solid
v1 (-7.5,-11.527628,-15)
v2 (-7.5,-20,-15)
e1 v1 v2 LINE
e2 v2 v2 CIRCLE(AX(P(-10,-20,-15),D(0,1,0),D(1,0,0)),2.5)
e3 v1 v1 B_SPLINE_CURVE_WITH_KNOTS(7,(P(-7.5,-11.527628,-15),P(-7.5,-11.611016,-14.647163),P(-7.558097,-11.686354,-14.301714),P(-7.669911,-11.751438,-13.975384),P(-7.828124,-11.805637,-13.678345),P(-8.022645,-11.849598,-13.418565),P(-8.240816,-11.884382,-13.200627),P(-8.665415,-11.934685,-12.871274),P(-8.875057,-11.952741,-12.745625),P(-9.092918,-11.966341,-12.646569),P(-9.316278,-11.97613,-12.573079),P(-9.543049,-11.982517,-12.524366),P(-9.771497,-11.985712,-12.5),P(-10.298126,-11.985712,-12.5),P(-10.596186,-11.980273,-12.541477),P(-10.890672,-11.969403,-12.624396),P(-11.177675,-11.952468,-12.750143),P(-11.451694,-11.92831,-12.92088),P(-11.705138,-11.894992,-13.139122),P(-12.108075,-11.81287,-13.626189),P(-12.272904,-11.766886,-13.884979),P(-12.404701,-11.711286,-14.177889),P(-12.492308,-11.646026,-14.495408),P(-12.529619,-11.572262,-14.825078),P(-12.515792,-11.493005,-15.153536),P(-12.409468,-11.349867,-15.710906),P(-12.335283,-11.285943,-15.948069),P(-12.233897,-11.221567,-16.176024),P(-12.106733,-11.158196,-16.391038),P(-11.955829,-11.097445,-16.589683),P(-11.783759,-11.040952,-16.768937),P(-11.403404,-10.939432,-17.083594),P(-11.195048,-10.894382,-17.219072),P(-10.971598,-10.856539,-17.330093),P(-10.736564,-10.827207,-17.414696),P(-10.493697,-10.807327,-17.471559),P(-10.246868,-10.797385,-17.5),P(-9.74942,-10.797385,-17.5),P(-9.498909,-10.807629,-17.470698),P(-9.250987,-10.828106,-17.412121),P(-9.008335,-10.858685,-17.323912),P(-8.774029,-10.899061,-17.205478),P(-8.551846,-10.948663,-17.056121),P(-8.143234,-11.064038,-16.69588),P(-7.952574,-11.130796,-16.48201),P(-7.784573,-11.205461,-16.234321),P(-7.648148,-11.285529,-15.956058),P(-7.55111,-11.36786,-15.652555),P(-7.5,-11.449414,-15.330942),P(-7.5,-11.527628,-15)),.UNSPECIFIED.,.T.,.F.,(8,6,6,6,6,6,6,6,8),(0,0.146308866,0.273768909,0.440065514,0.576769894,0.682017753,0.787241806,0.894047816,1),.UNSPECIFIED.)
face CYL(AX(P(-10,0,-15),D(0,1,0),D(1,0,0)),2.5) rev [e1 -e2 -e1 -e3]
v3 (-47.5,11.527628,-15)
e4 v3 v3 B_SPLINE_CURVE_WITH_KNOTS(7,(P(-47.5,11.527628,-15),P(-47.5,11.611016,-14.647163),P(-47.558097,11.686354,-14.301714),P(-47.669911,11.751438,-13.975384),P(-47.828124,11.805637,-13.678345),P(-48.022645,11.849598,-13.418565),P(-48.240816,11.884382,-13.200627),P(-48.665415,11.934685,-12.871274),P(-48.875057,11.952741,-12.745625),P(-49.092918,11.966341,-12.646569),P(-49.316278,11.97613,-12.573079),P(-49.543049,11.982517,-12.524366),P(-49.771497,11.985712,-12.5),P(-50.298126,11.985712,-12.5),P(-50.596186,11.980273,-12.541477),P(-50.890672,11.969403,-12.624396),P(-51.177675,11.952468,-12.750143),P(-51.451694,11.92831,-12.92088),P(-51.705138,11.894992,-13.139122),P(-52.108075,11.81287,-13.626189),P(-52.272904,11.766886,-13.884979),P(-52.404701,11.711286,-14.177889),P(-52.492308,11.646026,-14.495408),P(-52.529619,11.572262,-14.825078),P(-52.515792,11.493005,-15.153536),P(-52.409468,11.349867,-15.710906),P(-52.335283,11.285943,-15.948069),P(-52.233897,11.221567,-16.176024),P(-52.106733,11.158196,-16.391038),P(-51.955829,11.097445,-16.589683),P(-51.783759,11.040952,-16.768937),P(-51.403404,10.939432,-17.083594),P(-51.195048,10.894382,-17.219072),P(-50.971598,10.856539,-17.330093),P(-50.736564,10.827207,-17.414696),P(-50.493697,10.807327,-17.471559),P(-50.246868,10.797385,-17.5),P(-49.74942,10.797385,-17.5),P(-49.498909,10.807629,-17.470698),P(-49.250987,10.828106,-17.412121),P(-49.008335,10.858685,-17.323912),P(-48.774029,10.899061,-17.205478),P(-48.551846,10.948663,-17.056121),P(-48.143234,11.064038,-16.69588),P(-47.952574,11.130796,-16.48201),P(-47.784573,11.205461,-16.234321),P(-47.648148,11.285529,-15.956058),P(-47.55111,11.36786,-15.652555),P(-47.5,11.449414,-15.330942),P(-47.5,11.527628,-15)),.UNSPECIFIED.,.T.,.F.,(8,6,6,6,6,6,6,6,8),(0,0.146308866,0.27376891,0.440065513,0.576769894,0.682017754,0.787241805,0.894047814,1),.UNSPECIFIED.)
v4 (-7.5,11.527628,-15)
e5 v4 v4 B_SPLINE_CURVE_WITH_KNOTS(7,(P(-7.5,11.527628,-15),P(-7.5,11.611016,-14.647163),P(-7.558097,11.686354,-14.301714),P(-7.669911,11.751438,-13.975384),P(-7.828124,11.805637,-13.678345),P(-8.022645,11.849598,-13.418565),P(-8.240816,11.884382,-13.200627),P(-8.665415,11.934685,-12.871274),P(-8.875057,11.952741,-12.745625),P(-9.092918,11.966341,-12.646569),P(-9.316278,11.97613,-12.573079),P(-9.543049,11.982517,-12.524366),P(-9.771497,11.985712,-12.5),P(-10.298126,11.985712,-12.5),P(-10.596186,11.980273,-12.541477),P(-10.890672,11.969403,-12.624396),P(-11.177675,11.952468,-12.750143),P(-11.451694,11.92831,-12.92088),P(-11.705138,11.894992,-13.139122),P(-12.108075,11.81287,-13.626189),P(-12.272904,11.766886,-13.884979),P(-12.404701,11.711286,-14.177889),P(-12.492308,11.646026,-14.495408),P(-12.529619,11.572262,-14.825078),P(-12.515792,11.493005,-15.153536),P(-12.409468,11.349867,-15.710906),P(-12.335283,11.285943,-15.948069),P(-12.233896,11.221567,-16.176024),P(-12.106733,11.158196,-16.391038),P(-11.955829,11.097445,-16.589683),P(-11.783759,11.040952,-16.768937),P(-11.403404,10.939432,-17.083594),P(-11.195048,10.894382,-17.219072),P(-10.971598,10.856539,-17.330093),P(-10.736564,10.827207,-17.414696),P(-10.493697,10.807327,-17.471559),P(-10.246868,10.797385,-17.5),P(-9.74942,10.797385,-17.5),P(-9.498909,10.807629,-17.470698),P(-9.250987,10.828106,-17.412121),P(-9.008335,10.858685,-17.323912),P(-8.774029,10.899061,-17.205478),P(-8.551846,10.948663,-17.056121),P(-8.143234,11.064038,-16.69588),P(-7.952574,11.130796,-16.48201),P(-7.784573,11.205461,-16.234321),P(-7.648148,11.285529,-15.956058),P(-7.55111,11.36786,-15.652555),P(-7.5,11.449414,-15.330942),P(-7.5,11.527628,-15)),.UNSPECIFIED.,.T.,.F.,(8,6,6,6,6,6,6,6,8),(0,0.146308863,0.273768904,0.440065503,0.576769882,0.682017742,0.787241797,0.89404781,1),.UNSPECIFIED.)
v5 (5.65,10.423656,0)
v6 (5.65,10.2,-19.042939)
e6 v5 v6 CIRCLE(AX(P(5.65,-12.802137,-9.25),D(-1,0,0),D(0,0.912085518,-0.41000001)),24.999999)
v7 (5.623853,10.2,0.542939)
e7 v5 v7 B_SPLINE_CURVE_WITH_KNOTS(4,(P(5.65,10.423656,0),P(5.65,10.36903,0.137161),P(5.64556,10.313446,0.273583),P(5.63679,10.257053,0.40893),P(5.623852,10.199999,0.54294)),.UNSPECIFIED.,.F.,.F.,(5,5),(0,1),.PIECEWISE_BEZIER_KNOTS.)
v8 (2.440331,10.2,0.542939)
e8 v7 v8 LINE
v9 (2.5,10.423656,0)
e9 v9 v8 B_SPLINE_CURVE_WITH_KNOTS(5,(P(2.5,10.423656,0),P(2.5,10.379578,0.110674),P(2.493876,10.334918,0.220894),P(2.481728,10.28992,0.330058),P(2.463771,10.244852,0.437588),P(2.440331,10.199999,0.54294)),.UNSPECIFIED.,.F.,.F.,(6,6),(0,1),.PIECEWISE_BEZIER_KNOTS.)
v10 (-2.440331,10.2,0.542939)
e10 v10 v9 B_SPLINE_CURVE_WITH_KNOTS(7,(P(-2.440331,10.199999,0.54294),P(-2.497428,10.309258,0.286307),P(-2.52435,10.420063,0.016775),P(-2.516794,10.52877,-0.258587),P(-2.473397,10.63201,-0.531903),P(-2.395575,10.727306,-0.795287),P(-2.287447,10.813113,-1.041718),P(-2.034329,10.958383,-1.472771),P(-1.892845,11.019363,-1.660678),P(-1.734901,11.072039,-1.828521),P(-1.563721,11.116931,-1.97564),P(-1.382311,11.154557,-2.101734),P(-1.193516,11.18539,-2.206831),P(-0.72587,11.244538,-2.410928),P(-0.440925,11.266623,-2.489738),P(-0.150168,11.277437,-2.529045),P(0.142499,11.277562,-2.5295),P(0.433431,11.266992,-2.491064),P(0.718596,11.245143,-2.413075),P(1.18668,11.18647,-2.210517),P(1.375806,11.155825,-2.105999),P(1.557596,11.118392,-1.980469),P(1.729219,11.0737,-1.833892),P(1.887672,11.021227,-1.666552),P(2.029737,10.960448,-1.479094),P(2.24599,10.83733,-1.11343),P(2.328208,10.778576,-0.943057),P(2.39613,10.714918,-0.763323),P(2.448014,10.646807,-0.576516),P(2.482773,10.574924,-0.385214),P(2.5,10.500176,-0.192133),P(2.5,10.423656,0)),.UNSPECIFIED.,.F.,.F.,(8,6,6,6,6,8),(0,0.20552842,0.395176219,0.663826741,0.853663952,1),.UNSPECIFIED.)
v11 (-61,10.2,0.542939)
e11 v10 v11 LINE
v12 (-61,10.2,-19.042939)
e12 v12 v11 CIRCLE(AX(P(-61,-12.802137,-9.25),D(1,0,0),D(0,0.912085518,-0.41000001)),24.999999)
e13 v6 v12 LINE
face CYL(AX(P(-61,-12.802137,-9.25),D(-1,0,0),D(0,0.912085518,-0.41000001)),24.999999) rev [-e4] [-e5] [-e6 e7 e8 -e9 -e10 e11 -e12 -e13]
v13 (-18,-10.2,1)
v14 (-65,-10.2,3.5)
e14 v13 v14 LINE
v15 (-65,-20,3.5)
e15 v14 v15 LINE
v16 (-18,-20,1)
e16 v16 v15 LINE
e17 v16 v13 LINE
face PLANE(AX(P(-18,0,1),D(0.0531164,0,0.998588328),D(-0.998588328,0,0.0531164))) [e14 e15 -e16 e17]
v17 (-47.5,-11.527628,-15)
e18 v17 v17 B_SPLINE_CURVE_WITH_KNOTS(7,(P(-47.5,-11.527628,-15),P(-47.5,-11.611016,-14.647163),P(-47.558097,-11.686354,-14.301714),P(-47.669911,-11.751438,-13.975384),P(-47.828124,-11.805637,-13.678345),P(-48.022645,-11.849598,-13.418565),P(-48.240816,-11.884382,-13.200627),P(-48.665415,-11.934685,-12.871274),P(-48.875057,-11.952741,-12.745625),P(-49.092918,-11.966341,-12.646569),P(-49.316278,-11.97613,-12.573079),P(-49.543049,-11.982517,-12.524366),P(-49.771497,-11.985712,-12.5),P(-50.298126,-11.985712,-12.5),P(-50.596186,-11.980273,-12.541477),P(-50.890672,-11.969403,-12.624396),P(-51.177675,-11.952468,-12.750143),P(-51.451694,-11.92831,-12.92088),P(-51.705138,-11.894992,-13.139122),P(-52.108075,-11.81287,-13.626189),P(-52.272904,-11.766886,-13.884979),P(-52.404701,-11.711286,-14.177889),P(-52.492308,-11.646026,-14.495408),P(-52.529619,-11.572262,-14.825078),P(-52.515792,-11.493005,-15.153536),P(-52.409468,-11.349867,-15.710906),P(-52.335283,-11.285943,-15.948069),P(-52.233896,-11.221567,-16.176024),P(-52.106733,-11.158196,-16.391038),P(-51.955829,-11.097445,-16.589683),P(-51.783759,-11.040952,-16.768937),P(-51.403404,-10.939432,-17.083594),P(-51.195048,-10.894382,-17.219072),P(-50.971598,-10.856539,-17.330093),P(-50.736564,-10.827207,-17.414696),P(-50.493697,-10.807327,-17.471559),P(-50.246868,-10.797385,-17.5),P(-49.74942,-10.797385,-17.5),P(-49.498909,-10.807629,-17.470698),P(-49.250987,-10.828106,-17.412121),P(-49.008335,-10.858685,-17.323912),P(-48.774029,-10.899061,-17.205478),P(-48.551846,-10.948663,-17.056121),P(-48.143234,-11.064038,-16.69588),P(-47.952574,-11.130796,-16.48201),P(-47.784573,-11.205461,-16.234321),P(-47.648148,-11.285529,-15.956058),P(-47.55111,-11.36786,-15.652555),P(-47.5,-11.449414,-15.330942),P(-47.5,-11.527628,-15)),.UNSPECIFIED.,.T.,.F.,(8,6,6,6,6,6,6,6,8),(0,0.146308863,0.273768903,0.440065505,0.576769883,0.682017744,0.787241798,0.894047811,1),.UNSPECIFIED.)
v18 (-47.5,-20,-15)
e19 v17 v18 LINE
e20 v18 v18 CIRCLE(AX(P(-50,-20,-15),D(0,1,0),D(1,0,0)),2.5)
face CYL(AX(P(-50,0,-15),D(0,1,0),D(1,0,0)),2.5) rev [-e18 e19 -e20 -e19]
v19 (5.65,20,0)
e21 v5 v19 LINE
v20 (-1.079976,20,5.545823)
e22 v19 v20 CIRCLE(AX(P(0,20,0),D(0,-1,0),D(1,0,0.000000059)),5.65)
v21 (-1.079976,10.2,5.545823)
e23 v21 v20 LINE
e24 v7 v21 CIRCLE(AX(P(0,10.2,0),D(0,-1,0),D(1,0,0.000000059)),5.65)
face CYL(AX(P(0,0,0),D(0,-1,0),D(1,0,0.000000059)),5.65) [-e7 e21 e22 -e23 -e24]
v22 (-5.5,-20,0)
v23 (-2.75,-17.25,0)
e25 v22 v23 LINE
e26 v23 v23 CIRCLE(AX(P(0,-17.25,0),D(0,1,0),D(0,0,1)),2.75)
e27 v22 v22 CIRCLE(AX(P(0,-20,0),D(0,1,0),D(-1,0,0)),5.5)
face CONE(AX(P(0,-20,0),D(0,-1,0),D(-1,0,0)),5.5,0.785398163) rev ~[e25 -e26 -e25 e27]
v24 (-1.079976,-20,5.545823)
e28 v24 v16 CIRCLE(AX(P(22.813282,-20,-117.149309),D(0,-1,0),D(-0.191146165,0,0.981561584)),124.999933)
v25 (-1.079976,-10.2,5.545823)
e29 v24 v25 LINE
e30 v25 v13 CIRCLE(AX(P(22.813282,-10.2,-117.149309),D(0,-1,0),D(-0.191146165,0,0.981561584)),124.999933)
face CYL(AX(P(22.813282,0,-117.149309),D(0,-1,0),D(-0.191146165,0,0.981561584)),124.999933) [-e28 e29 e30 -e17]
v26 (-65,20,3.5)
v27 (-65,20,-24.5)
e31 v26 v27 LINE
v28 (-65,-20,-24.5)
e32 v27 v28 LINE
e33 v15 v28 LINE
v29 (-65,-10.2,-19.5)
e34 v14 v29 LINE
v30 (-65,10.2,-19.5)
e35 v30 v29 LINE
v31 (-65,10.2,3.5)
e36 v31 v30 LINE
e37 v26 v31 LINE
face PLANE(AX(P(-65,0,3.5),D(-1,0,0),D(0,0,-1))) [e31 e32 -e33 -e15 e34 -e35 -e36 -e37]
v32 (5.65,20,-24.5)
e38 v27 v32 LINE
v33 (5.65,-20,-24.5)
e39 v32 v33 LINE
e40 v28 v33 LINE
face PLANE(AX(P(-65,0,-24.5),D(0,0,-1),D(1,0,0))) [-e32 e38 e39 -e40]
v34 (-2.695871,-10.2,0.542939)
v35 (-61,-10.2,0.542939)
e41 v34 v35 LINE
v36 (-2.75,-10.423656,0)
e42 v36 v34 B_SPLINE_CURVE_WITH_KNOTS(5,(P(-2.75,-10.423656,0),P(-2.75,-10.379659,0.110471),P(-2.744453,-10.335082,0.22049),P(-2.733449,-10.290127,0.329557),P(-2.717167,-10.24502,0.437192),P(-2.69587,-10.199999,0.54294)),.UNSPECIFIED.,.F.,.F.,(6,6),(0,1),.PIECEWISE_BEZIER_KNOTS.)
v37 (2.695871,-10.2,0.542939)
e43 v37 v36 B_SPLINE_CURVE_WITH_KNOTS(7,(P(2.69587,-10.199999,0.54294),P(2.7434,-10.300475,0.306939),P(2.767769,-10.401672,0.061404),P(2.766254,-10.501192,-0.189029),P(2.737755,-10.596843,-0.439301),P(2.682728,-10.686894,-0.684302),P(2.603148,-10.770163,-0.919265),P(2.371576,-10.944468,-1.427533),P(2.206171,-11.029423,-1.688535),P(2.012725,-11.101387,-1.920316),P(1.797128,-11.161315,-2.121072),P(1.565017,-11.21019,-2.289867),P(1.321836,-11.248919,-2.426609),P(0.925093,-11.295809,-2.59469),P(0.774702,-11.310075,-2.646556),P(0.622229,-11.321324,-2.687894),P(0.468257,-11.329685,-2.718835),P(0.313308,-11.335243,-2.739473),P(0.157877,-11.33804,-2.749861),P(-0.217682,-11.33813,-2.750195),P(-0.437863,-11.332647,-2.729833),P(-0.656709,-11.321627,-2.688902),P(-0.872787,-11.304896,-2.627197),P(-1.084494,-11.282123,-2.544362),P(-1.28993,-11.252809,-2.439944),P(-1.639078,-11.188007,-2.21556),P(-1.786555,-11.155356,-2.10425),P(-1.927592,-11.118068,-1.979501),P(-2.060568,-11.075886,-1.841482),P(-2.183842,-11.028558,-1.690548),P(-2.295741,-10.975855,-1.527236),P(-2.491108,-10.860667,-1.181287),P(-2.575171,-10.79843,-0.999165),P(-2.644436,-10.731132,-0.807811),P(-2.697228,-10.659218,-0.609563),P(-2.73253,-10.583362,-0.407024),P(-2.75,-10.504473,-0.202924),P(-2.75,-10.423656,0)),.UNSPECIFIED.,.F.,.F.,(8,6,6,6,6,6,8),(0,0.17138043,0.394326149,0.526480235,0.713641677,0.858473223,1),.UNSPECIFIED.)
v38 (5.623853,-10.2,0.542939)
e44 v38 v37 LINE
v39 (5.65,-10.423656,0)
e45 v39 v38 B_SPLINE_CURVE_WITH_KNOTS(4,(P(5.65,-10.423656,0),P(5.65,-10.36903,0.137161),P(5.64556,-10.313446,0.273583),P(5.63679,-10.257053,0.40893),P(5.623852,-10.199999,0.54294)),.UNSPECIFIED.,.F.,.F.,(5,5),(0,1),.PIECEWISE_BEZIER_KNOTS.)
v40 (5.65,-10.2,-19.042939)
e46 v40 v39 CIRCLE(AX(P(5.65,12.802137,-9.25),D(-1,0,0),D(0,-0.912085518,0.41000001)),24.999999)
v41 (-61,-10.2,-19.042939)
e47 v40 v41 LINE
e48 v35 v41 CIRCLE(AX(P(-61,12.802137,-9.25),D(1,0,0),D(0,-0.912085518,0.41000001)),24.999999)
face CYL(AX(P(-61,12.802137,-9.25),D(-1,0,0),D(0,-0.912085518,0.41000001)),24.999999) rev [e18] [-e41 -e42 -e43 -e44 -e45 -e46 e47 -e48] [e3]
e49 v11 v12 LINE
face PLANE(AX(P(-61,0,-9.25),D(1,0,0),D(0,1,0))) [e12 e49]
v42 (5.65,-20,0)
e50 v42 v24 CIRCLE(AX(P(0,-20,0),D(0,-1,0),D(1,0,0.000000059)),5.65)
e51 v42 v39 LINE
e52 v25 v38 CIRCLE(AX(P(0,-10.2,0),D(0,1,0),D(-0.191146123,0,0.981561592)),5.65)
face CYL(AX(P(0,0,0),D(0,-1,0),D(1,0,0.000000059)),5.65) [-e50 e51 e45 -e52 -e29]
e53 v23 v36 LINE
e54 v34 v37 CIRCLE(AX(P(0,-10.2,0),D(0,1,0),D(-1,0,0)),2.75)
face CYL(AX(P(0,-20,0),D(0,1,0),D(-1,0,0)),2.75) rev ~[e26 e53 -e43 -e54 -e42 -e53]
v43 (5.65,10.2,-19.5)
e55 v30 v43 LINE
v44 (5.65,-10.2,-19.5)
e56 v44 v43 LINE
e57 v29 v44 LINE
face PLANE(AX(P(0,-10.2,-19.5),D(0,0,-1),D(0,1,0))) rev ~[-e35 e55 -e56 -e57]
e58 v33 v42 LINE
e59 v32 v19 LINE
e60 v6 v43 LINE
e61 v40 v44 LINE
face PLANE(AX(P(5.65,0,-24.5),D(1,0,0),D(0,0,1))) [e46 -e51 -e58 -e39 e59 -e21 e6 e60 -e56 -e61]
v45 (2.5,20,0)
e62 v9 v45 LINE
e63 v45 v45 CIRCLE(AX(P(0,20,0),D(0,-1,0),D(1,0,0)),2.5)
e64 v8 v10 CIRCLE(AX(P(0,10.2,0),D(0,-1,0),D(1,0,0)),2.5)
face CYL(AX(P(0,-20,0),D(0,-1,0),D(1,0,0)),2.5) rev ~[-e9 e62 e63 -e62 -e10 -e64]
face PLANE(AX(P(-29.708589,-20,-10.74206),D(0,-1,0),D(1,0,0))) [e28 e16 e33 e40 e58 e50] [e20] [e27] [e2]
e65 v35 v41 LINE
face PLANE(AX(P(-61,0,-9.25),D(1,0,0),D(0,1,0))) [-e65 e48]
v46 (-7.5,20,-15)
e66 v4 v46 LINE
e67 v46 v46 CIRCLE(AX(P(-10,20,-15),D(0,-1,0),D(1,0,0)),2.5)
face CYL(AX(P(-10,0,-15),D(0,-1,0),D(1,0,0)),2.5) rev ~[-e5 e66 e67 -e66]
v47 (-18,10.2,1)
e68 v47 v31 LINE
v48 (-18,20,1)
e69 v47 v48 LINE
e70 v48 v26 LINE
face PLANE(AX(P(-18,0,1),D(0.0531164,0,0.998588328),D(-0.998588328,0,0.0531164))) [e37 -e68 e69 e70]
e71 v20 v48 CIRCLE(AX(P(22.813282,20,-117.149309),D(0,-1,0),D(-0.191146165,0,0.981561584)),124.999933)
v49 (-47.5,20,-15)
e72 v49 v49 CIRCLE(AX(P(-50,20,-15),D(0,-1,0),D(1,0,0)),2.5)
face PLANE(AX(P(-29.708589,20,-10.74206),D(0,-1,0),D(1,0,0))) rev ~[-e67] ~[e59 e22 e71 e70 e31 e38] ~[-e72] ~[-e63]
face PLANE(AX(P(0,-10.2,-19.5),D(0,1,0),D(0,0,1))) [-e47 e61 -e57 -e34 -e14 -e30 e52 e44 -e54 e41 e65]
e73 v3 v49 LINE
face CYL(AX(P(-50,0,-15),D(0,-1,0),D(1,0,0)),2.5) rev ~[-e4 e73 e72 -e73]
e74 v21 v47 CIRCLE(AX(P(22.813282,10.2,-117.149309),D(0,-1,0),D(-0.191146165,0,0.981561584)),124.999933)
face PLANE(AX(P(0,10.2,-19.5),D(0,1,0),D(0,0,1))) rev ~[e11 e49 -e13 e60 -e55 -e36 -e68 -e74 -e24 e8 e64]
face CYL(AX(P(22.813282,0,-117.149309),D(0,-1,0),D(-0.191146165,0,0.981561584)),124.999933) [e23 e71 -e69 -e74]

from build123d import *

# Parameters (mm, degrees)
PAD040_DEPTH         = 20
SKETCH138_W          = 20.4
SKETCH138_H          = 70
POCKET051_DEPTH      = 65.001
POCKET051_DEPTH_BACK = 5.651
SKETCH135_R          = 2.5
POCKET049_DEPTH      = 40.001
HOLE028_D            = 5.5
HOLE028_DEPTH        = 20
HOLE028_CSINK_D      = 11
HOLE028_CSINK_ANGLE  = 90
HOLE028_TIPS_R       = 2.75
POCKET050_DEPTH      = 66.651
SKETCH140_R          = 2.5
POCKET054_DEPTH      = 20.001
POCKET054_DEPTH_BACK = 20.001


with BuildPart() as part:
    # Sketch134 → Pad040 (new body, symmetric)
    with BuildSketch(Plane.XZ):
        with BuildLine():
            Line((-18, 1), (-65, 3.5))
            Line((-65, 3.5), (-65, -24.5))
            Line((-65, -24.5), (5.65, -24.5))
            Line((5.65, -24.5), (5.65, 0))
            ThreePointArc((5.65, 0), (3.593093, 4.360296), (-1.079976, 5.545823))
            ThreePointArc((-1.079976, 5.545823), (-9.619729, 3.569716), (-18, 1))
        make_face()
    extrude(amount=PAD040_DEPTH, both=True)

    # Sketch138 → Pocket051 (cut, two sides)
    with BuildSketch(Plane.YZ) as pocket051_sk:
        with Locations((0, 15.5)):
            Rectangle(SKETCH138_W, SKETCH138_H)
    extrude(amount=-POCKET051_DEPTH, mode=Mode.SUBTRACT)
    extrude(pocket051_sk.sketch, amount=POCKET051_DEPTH_BACK, mode=Mode.SUBTRACT)

    # Sketch135 → Pocket049 (cut, through all)
    with BuildSketch(Plane.XZ.offset(20)):
        Circle(SKETCH135_R)
    extrude(amount=-POCKET049_DEPTH, mode=Mode.SUBTRACT)

    # Hole028
    with Locations(Plane.XZ.offset(20)):
        with Locations((0, 0)):
            CounterSinkHole(HOLE028_D / 2, HOLE028_CSINK_D / 2, depth=HOLE028_DEPTH, counter_sink_angle=HOLE028_CSINK_ANGLE)

    # Hole028 tips → Hole028 tip 1 section 0
    with BuildSketch(Plane.XZ, mode=Mode.PRIVATE) as hole028_tip_1_s0:
        Circle(HOLE028_TIPS_R)
    loft([hole028_tip_1_s0.sketch, Vertex(0, 1.652367, 0)], mode=Mode.SUBTRACT)

    # Sketch137 → Pocket050 (cut, through all)
    with BuildSketch(Plane.YZ.offset(-61)):
        with BuildLine():
            ThreePointArc((-10, 1), (-12.197862, -9.25), (-10, -19.5))
            Line((10, -19.5), (-10, -19.5))
            ThreePointArc((10, -19.5), (12.197862, -9.25), (10, 1))
            Line((-10, 1), (10, 1))
        make_face()
    extrude(amount=POCKET050_DEPTH, mode=Mode.SUBTRACT)

    # Sketch140 → Pocket054 (cut, two sides)
    with BuildSketch(Plane.XZ) as pocket054_sk:
        with Locations((-10, -15)):
            Circle(SKETCH140_R)
        with Locations((-50, -15)):
            Circle(SKETCH140_R)
    extrude(amount=-POCKET054_DEPTH, mode=Mode.SUBTRACT)
    extrude(pocket054_sk.sketch, amount=POCKET054_DEPTH_BACK, mode=Mode.SUBTRACT)


solid = part.part
